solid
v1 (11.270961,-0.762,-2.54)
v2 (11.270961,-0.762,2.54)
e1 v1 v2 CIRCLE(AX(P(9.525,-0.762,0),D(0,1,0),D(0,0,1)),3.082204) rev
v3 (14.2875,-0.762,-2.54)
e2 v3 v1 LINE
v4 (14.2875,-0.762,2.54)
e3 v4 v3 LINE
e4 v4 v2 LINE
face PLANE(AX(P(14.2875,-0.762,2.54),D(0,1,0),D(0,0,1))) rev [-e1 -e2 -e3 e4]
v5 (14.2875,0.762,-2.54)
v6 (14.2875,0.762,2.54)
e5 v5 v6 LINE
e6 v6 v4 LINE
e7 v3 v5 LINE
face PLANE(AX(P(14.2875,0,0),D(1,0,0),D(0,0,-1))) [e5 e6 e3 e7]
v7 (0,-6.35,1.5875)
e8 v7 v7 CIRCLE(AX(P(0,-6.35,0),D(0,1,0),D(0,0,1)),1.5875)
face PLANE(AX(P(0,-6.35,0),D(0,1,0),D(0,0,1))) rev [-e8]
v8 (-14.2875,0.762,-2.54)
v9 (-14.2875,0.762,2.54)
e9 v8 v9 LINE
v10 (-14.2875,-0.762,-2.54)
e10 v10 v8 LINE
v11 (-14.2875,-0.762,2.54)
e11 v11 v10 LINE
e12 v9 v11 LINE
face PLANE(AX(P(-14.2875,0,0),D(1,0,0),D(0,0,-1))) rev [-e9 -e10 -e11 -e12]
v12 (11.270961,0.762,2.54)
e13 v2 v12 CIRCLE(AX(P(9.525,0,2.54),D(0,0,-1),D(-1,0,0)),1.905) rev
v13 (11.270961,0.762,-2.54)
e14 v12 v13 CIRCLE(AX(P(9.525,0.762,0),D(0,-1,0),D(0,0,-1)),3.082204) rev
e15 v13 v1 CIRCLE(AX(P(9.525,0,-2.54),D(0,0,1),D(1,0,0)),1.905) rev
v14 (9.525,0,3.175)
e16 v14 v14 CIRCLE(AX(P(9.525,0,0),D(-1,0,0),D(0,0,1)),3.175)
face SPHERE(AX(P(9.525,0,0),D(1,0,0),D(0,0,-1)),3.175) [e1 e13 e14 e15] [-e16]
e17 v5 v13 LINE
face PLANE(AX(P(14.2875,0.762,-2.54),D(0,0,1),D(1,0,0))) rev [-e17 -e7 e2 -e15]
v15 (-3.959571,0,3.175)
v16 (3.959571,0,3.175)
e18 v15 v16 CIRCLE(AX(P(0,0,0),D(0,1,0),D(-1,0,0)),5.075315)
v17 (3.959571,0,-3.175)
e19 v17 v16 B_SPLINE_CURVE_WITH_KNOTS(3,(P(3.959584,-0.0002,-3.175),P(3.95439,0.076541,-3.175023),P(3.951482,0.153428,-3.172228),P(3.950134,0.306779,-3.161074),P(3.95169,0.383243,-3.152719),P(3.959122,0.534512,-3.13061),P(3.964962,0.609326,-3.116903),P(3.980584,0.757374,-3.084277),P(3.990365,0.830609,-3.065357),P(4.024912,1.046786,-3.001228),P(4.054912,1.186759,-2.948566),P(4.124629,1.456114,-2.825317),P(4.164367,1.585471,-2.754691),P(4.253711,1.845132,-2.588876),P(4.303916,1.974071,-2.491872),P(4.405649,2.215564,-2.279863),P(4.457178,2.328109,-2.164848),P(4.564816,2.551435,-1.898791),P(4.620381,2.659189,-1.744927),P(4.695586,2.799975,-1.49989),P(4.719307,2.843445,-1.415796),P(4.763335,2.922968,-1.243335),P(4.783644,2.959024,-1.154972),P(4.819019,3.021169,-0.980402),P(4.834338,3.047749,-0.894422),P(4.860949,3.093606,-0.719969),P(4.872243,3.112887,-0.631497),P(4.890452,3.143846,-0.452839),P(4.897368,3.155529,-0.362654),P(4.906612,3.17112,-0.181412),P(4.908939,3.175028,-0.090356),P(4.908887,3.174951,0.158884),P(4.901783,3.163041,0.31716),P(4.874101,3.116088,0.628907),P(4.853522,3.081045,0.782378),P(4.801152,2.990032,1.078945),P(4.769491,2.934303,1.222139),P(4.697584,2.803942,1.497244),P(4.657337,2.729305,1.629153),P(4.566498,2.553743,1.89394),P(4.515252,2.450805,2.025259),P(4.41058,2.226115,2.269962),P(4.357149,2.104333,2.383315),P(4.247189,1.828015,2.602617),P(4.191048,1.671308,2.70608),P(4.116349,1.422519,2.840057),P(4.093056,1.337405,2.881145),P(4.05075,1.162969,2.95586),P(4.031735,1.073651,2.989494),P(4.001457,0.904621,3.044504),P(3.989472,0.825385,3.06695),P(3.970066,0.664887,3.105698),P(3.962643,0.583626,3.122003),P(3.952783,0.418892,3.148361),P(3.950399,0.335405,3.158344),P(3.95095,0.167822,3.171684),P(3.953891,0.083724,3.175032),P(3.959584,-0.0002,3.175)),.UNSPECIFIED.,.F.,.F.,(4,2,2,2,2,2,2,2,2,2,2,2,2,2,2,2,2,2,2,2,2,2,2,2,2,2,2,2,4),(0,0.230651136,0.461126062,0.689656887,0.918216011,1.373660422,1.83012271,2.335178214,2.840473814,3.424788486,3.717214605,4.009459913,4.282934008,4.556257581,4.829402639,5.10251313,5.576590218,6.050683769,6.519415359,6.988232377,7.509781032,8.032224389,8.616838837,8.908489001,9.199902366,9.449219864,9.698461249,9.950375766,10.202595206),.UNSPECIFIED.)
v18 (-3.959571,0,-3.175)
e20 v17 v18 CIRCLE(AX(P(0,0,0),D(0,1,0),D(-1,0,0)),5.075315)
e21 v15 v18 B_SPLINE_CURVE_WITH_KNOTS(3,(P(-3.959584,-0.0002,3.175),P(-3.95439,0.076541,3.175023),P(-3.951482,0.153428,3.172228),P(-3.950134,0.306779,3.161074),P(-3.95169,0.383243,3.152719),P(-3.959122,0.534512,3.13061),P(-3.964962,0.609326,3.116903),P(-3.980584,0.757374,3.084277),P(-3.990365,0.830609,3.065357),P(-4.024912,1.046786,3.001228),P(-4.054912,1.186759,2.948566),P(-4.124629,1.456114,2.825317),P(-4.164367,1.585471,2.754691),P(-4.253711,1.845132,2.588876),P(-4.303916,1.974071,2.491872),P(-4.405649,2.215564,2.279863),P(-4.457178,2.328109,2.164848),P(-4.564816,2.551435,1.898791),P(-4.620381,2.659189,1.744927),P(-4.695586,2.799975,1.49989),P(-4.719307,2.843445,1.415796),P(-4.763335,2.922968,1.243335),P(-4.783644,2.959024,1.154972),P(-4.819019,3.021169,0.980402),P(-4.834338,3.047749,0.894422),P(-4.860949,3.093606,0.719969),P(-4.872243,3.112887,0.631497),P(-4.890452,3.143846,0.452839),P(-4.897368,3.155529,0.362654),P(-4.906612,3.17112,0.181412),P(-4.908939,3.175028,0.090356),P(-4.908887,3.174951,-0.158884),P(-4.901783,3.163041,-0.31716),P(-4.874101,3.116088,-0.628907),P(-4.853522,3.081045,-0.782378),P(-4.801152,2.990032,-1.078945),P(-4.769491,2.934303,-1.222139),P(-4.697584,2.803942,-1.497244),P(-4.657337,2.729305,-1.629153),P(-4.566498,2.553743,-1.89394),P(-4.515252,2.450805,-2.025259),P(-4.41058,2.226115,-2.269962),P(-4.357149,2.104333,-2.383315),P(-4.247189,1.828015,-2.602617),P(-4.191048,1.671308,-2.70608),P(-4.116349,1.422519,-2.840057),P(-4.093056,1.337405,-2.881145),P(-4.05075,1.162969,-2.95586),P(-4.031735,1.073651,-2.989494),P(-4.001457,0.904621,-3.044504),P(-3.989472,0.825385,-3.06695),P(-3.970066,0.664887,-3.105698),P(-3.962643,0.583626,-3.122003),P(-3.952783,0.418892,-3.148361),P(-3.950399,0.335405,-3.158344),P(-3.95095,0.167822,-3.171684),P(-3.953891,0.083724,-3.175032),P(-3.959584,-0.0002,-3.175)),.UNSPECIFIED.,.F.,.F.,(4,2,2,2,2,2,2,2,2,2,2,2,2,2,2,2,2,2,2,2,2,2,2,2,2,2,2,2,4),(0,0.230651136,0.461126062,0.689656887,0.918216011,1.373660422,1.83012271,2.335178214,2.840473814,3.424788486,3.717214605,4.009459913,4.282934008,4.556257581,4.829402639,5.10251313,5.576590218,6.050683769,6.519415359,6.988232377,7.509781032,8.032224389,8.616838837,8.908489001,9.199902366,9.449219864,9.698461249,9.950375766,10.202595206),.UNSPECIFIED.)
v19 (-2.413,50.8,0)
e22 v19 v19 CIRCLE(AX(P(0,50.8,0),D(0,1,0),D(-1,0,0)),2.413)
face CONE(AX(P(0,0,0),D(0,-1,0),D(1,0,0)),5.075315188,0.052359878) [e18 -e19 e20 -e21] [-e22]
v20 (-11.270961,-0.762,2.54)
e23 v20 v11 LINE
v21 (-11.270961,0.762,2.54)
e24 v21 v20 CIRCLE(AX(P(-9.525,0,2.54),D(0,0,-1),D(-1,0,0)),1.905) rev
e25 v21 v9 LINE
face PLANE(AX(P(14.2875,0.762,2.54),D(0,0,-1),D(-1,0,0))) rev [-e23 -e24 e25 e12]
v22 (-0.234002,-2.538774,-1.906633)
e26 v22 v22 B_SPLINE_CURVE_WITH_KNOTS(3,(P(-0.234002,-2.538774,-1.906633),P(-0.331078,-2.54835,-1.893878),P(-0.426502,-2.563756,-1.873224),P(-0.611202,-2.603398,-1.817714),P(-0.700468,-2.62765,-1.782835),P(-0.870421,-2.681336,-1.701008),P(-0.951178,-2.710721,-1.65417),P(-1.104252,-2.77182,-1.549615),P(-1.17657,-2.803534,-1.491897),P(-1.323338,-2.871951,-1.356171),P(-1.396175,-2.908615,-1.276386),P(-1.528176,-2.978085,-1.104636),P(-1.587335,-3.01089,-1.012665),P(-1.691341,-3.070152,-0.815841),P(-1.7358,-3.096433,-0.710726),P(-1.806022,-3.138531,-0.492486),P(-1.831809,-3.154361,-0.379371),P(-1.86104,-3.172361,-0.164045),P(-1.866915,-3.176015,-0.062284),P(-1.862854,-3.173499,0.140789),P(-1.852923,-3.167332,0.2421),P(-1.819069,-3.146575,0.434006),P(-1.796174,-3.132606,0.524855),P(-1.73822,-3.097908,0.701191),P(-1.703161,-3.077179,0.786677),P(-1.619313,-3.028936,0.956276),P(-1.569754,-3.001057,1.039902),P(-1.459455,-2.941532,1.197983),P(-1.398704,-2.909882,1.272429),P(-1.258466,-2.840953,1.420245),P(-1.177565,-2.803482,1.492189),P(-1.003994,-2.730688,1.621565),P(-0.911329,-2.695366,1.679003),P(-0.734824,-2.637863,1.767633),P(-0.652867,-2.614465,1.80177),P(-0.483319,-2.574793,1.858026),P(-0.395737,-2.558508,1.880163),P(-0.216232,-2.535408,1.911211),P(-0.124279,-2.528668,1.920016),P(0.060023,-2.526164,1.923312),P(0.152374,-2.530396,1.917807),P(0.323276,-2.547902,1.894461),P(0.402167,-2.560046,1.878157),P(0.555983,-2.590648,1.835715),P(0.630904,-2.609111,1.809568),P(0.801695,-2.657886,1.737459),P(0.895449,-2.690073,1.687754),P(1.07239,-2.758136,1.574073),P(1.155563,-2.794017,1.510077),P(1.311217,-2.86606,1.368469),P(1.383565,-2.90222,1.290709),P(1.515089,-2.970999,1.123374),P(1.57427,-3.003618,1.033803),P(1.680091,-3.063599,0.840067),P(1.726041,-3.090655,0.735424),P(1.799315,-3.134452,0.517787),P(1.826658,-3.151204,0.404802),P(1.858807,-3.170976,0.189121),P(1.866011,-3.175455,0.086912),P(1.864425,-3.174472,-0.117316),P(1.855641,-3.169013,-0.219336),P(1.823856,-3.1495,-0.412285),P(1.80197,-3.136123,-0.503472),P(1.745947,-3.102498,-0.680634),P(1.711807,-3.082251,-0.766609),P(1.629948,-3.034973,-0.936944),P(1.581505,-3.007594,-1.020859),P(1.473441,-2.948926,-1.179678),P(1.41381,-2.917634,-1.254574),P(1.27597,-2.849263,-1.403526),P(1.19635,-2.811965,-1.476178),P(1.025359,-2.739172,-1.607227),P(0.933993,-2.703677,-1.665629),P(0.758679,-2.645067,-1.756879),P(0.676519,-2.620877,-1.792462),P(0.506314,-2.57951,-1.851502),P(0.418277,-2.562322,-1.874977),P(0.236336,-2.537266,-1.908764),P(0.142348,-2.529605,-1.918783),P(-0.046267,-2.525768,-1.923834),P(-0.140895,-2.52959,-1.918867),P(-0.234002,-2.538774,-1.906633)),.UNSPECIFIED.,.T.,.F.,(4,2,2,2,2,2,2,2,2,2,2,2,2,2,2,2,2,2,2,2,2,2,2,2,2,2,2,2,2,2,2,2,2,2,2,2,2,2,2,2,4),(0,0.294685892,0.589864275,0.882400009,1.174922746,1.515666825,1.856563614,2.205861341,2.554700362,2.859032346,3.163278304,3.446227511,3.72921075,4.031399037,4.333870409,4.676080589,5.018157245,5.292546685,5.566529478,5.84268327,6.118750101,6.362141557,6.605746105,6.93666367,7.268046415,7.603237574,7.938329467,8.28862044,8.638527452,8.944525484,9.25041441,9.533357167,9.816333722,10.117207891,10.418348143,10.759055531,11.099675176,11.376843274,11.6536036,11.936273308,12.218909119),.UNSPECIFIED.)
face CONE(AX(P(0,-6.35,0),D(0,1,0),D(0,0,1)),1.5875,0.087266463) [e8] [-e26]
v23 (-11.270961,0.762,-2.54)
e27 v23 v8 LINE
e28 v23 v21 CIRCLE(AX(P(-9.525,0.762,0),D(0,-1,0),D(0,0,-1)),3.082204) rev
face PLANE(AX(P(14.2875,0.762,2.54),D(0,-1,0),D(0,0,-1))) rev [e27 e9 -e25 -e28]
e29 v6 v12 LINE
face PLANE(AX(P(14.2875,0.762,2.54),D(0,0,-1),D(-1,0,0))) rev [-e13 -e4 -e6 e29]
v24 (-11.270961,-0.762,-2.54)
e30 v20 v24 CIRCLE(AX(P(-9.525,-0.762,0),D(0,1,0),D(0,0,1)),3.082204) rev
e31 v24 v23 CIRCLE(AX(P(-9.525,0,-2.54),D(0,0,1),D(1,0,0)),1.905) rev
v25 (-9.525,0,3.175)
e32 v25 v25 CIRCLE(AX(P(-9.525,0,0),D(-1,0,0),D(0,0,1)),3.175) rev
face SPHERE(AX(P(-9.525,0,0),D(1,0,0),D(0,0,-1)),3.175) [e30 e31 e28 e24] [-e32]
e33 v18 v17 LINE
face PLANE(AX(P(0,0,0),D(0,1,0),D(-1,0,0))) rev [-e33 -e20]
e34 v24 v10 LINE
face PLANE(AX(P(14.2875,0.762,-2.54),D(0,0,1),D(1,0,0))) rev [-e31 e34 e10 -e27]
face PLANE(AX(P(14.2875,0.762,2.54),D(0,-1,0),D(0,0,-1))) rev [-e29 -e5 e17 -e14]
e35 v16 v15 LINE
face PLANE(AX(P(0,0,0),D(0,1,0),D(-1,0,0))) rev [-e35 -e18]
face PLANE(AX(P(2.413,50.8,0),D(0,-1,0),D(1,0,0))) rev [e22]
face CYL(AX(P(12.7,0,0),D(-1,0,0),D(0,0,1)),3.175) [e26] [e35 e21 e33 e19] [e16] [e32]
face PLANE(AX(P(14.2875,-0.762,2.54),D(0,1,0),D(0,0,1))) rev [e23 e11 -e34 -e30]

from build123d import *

# Parameters (mm, degrees)
SKETCH3_R           = 3.175
BOSS_EXTRUDE1_DEPTH = 12.7
FILLET1_R           = 3.175
SKETCH4_W           = 5.08
SKETCH4_H           = 1.524
BOSS_EXTRUDE2_DEPTH = 14.2875
SKETCH5_R           = 1.5875
BOSS_EXTRUDE3_DEPTH = 6.35
DRAFT1_ANGLE        = 5


with BuildPart() as part:
    # Sketch1 → Revolve1 (revolve)
    with BuildSketch(Plane.XY, mode=Mode.PRIVATE) as revolve1_sk:
        Polygon((0, 50.8), (0, 0), (5.075315188, 0), (2.413, 50.8), align=None)
    revolve(revolve1_sk.sketch.rotate(Axis((0, 50.8, 0), (0, -1, 0)), 180), axis=Axis((0, 50.8, 0), (0, -1, 0)))

    # Sketch3 → Boss-Extrude1 (add, symmetric)
    with BuildSketch(Plane(origin=(0, 0, 0), x_dir=(0, 0, -1), z_dir=(1, 0, 0))):
        Circle(SKETCH3_R)
    extrude(amount=BOSS_EXTRUDE1_DEPTH, both=True)

    # Fillet1
    fillet1_edges = [part.edges().sort_by_distance(p)[0] for p in [
        (-12.7, 0, 3.175),
        (12.7, 0, 3.175),
    ]]
    fillet(fillet1_edges, radius=FILLET1_R)

    # Sketch4 → Boss-Extrude2 (add, symmetric)
    with BuildSketch(Plane(origin=(0, 0, 0), x_dir=(0, 0, -1), z_dir=(1, 0, 0))):
        Rectangle(SKETCH4_W, SKETCH4_H)
    extrude(amount=BOSS_EXTRUDE2_DEPTH, both=True)

    # Sketch5 → Boss-Extrude3 (add)
    with BuildSketch(Plane(origin=(0, 0, 0), x_dir=(1, 0, 0), z_dir=(0, 1, 0))):
        with Locations(Location((0, 0, 0), (0, 0, 270))):
            Circle(SKETCH5_R)
    extrude(amount=-BOSS_EXTRUDE3_DEPTH)

    # Draft1
    draft1_faces = [part.faces().sort_by_distance(p)[0] for p in [
        (0, -4.549815329, -1.5875),
    ]]
    draft(draft1_faces, Plane(origin=(0, -6.35, 0), x_dir=(0, 0, -1), z_dir=(0, -1, 0)), DRAFT1_ANGLE)


solid = part.part
